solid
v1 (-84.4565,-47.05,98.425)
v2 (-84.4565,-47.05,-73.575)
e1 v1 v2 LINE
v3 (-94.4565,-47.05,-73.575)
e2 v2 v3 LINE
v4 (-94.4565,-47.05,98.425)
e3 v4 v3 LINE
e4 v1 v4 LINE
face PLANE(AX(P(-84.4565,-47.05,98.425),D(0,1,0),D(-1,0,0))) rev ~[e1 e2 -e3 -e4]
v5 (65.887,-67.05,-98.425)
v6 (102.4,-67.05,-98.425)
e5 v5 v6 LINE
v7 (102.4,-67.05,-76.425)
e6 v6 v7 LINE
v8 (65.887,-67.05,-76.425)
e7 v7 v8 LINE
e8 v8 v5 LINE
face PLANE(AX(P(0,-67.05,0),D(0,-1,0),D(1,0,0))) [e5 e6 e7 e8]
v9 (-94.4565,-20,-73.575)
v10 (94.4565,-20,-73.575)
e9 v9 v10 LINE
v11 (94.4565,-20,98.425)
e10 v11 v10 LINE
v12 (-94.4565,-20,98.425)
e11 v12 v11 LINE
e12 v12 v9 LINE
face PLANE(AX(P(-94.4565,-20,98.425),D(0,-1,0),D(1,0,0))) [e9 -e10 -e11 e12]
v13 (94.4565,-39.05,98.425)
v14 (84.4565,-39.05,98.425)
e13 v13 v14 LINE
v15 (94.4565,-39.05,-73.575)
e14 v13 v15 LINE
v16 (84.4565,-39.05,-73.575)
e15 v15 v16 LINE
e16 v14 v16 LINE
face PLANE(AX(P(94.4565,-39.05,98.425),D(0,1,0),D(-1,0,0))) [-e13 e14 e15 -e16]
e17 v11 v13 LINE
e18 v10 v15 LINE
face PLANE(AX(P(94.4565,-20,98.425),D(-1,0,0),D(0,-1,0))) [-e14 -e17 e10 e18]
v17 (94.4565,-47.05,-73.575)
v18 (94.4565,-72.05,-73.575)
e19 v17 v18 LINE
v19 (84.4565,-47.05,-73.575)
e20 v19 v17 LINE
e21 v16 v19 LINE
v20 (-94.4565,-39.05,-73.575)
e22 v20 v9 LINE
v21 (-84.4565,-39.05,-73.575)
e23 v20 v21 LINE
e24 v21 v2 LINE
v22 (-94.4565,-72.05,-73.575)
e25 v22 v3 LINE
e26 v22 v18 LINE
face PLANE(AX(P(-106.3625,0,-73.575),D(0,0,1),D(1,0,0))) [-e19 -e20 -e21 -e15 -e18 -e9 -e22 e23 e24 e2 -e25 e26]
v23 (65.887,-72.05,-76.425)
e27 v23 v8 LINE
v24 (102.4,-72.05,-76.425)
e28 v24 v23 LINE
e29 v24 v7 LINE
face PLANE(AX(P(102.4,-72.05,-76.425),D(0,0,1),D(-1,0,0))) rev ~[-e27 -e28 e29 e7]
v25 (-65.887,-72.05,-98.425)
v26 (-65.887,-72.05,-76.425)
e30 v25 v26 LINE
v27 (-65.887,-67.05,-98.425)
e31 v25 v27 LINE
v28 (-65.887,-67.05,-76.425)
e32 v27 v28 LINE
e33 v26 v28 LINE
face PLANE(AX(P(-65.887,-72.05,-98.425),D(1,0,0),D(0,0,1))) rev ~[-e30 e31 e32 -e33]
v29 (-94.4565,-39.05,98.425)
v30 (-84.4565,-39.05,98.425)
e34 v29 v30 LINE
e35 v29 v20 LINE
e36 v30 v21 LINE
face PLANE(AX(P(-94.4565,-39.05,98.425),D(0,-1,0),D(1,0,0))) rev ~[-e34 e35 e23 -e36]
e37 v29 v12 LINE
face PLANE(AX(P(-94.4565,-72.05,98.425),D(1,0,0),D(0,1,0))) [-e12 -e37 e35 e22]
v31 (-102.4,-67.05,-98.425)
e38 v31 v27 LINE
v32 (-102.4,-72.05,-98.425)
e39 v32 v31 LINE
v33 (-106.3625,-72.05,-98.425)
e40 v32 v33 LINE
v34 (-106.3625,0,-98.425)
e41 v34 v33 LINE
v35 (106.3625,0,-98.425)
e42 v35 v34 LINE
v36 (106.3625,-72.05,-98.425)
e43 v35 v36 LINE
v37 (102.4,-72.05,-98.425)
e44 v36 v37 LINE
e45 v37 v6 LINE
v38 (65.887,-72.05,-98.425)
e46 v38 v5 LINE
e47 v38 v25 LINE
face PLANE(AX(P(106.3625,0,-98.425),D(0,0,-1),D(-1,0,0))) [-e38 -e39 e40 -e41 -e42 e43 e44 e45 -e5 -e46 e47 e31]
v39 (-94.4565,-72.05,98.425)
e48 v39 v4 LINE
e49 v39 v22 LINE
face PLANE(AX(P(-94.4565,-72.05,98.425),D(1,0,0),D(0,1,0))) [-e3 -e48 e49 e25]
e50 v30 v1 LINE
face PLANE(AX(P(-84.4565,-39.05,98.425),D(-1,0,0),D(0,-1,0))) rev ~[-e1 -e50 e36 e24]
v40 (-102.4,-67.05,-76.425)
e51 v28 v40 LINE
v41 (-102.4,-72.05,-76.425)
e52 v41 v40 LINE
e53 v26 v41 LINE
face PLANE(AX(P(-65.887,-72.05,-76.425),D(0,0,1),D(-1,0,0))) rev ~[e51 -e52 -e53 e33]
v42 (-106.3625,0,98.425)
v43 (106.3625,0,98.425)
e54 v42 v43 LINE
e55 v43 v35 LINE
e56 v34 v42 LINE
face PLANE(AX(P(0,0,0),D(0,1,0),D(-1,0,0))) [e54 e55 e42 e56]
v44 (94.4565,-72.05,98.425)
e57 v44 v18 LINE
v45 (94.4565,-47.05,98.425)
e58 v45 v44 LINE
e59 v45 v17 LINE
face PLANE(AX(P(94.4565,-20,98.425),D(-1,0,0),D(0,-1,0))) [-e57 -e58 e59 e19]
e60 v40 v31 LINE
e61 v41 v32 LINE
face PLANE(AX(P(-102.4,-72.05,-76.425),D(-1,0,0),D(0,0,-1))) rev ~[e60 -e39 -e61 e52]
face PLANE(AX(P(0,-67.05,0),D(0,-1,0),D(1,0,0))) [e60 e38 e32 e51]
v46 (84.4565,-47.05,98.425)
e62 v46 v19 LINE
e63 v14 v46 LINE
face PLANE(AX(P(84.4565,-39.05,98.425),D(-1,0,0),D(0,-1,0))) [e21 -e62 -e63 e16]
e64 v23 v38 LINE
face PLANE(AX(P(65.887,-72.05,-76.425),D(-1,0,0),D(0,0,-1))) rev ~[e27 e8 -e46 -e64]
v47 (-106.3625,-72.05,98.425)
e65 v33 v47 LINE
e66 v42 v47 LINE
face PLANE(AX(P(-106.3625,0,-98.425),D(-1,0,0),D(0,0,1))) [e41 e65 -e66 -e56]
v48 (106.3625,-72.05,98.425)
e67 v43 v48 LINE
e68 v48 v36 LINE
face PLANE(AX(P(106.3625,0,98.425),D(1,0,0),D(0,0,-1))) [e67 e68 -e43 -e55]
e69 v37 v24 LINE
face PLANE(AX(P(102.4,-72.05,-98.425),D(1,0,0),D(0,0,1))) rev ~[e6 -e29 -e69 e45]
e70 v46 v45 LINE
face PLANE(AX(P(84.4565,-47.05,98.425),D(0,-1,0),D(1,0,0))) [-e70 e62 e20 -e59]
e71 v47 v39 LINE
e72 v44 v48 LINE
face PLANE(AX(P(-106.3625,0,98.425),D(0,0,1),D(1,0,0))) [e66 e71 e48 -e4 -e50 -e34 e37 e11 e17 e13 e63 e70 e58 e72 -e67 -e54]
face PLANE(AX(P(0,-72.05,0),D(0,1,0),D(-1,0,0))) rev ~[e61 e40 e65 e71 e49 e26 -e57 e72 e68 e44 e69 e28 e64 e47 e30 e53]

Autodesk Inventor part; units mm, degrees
ref_plane "YZ Plane" through (0, 0, 0) normal (1, 0, 0) x (0, 1, 0)
ref_plane "XZ Plane" through (0, 0, 0) normal (0, 1, 0) x (-1, 0, 0)
ref_plane "XY Plane" through (0, 0, 0) normal (0, 0, 1) x (1, 0, 0)
sketch "Sketch1" plane through (0, 0, 0) normal (0, 1, 0) x (-1, 0, 0)
  line L0 (-106.3625, -98.425) -> (106.3625, -98.425)
  line L1 (106.3625, -98.425) -> (106.3625, 98.425)
  line L2 (106.3625, 98.425) -> (-106.3625, 98.425)
  line L3 (-106.3625, 98.425) -> (-106.3625, -98.425)
  line L4 (-106.3625, -98.425) -> (106.3625, 98.425) construction
  line L5 (106.3625, -98.425) -> (-106.3625, 98.425) construction
  point P0 (0, 0)
  dimension "d0" = 212.725
  dimension "d1" = 196.85
extrude "Extrusion1" add sketch "Sketch1" against normal blind 72.05
sketch "Sketch2" plane through (-106.3625, 0, 98.425) normal (0, 0, 1) x (1, 0, 0)
  line L0 (0, -72.05) -> (212.725, -72.05) projected
  line L1 (11.906, -20) -> (200.819, -20)
  line L2 (200.819, -20) -> (200.819, -72.05)
  line L3 (200.819, -72.05) -> (11.906, -72.05)
  line L4 (11.906, -72.05) -> (11.906, -20)
  line L5 (0, 0) -> (212.725, 0) projected
  line L6 (0, 0) -> (0, -72.05) projected
  line L7 (212.725, 0) -> (212.725, -72.05) projected
  point P0 (106.3625, 0)
  point P1 (0, -36.025)
  point P2 (212.725, -36.025)
  dimension "d4" = 20
  dimension "d5" = 188.913
  dimension "d6" = 11.906
  dimension "d7" = 11.906
extrude "Extrusion2" cut sketch "Sketch2" against normal blind 172 contours L4 L1 L2 L0
sketch "Sketch3" plane through (-106.3625, 0, 98.425) normal (0, 0, 1) x (1, 0, 0)
  line L0 (11.906, -72.05) -> (11.906, -20) projected
  line L1 (11.906, -39.05) -> (21.906, -39.05)
  line L2 (21.906, -39.05) -> (21.906, -47.05)
  line L3 (21.906, -47.05) -> (11.906, -47.05)
  line L4 (11.906, -47.05) -> (11.906, -39.05)
  line L5 (200.819, -20) -> (200.819, -72.05) projected
  line L6 (200.819, -39.05) -> (190.819, -39.05)
  line L7 (190.819, -39.05) -> (190.819, -47.05)
  line L8 (190.819, -47.05) -> (200.819, -47.05)
  line L9 (200.819, -47.05) -> (200.819, -39.05)
  line L10 (11.906, -20) -> (200.819, -20) projected
  point P0 (106.3625, 0)
  point P1 (16.906, -39.05)
  point P2 (11.906, -47.05)
  dimension "d10" = 10
  dimension "d11" = 10
  dimension "d12" = 19.05
  dimension "d13" = 8
extrude "Extrusion3" add sketch "Sketch3" against normal blind 172
sketch "Sketch4" plane through (0, -72.05, 0) normal (0, -1, 0) x (1, 0, 0)
  line L0 (-106.3625, -98.425) -> (106.3625, -98.425) projected
  line L1 (-102.4, -98.425) -> (-65.887, -98.425)
  line L2 (-65.887, -98.425) -> (-65.887, -76.425)
  line L3 (-65.887, -76.425) -> (-102.4, -76.425)
  line L4 (-102.4, -76.425) -> (-102.4, -98.425)
  line L5 (65.887, -98.425) -> (102.4, -98.425)
  line L6 (102.4, -98.425) -> (102.4, -76.425)
  line L7 (102.4, -76.425) -> (65.887, -76.425)
  line L8 (65.887, -76.425) -> (65.887, -98.425)
  line L9 (-106.3625, 98.425) -> (-106.3625, -98.425) projected
  point P0 (0, 0)
  point P1 (102.4, -87.425)
  point P2 (65.887, -87.425)
  dimension "d16" = 36.513
  dimension "d17" = 36.513
  dimension "d18" = 22
  dimension "d19" = 22
  dimension "d20" = 131.774
  dimension "d21" = 3.9625
extrude "Extrusion4" cut sketch "Sketch4" against normal blind 5
properties material "Wood (Maple)"
